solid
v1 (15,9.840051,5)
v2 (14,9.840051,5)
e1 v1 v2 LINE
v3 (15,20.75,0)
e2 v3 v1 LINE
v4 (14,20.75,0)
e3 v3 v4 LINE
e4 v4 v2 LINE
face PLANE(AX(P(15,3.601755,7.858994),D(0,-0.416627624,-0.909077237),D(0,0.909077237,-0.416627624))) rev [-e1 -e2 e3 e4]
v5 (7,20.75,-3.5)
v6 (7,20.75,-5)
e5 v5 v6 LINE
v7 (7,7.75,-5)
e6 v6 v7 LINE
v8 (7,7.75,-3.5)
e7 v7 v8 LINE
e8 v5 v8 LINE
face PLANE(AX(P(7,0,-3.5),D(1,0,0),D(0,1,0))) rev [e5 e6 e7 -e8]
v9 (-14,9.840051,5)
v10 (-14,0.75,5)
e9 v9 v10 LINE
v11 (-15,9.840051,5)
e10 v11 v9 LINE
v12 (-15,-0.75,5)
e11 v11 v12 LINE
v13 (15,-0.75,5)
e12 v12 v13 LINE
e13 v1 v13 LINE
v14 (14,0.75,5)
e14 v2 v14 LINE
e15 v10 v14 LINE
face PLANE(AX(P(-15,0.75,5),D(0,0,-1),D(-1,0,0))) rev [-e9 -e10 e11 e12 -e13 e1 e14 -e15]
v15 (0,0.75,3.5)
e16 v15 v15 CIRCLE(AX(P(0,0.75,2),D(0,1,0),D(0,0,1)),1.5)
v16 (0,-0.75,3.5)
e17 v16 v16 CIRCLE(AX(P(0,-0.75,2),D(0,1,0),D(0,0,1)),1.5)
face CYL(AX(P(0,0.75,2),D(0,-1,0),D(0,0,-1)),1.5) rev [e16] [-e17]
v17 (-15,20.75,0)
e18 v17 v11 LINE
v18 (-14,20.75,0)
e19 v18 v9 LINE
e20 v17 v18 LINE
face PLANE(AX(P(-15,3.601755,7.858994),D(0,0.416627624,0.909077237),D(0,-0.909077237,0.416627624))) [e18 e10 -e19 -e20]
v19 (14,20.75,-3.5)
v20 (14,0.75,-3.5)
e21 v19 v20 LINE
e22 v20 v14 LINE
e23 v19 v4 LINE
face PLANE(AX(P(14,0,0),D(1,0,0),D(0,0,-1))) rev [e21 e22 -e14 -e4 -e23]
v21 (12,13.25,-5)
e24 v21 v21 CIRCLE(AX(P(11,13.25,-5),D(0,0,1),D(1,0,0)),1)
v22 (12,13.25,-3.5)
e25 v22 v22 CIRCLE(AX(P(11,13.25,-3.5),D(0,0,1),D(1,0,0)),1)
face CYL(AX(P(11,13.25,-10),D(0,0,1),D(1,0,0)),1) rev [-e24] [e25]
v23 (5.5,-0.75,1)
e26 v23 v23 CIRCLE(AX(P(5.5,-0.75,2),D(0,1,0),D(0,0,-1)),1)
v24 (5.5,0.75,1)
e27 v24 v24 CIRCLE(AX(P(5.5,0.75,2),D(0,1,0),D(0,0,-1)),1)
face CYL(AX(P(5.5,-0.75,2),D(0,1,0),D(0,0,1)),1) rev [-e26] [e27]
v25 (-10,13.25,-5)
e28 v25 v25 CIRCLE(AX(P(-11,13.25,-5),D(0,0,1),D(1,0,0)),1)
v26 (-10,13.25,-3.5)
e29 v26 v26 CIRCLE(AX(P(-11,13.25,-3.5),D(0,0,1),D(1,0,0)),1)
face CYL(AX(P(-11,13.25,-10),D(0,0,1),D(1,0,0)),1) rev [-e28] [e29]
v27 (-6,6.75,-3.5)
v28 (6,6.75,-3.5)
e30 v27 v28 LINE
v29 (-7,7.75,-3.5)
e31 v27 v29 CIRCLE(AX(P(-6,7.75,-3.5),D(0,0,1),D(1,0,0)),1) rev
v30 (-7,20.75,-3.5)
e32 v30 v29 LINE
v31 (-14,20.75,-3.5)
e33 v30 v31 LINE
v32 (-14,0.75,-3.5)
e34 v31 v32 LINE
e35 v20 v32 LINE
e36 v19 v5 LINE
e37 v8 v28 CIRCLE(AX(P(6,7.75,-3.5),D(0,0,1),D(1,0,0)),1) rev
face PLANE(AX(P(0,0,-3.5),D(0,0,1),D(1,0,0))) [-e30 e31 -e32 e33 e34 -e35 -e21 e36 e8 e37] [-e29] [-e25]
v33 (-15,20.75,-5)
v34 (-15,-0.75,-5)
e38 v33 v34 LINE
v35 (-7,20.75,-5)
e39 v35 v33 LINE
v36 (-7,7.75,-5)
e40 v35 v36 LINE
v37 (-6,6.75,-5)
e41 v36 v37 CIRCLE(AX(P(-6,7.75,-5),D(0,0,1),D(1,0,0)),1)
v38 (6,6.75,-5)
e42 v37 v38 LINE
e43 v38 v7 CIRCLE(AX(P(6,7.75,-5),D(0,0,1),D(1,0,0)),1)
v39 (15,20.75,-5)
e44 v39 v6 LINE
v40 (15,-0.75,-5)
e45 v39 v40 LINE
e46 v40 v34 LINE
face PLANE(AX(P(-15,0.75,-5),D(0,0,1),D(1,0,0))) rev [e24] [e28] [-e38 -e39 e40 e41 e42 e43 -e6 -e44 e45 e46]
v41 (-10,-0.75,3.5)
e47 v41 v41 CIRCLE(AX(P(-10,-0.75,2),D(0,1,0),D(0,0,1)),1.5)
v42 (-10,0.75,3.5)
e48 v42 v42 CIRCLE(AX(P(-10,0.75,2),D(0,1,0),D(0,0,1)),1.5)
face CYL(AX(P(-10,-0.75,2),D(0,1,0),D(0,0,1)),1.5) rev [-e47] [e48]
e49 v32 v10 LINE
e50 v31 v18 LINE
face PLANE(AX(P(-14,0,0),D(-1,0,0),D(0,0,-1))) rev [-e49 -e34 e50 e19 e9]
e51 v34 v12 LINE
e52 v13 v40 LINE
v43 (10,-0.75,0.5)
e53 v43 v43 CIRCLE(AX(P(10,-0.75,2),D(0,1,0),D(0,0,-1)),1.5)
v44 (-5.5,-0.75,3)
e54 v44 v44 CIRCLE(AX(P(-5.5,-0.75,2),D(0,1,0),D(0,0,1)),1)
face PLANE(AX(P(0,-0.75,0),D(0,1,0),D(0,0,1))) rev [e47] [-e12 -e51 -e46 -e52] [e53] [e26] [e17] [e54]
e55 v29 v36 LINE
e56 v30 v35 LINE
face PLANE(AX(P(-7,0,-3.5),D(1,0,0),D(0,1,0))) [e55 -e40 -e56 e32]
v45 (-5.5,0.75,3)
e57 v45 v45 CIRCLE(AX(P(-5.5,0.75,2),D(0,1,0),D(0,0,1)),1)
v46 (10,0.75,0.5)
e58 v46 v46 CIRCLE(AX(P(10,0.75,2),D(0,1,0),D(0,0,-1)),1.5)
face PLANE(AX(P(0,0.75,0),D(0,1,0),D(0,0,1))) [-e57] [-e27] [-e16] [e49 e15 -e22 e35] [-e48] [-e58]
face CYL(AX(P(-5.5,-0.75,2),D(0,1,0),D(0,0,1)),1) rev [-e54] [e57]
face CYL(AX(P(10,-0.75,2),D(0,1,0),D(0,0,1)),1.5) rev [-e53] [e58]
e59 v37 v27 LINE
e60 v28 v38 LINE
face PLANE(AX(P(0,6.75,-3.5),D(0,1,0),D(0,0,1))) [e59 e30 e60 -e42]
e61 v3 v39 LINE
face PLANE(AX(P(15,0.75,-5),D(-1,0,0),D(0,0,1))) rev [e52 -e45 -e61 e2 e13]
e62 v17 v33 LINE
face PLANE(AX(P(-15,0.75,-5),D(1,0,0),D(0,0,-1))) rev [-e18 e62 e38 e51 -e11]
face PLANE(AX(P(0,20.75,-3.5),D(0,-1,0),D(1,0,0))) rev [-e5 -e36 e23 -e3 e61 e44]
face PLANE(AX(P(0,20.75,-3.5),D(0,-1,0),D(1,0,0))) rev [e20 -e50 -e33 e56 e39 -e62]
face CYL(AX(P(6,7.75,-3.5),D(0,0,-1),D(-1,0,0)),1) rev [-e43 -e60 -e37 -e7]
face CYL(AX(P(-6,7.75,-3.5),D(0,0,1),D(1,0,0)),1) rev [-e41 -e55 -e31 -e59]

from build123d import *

# Parameters (mm, degrees)
SKETCH1_W           = 30
SKETCH1_H           = 10
SKETCH1_R           = 1.5
BOSS_EXTRUDE1_DEPTH = 0.75
SKETCH2_R           = 1.5
SKETCH2_R_2         = 1
CUT_EXTRUDE1_DEPTH  = 1.5
BOSS_EXTRUDE3_START = -4.25
BOSS_EXTRUDE3_DEPTH = 0.75
SKETCH4_R           = 1
CUT_EXTRUDE2_DEPTH  = 10
FILLET1_R           = 1
BOSS_EXTRUDE4_START = 14
BOSS_EXTRUDE4_DEPTH = 1


with BuildPart() as part:
    # Sketch1 → Boss-Extrude1 (new body, symmetric)
    with BuildSketch(Plane(origin=(0, 0, 0), x_dir=(1, 0, 0), z_dir=(0, 1, 0))):
        Rectangle(SKETCH1_W, SKETCH1_H)
        with Locations((0, -2)):
            Circle(SKETCH1_R, mode=Mode.SUBTRACT)
    extrude(amount=BOSS_EXTRUDE1_DEPTH, both=True)

    # Sketch2 → Cut-Extrude1 (cut)
    with BuildSketch(Plane(origin=(0, 0.75, 0), x_dir=(1, 0, 0), z_dir=(0, 1, 0))):
        with Locations((-10, -2)):
            Circle(SKETCH2_R)
        with Locations((10, -2)):
            Circle(SKETCH2_R)
        with Locations((-5.5, -2)):
            Circle(SKETCH2_R_2)
        with Locations((5.5, -2)):
            Circle(SKETCH2_R_2)
    extrude(amount=-CUT_EXTRUDE1_DEPTH, mode=Mode.SUBTRACT)

    # Sketch3 → Boss-Extrude3 (add, symmetric)
    with BuildSketch(Plane.XY.offset(BOSS_EXTRUDE3_START)):
        Polygon((15, 0.75), (15, 20.75), (7, 20.75), (7, 6.75), (-7, 6.75), (-7, 20.75), (-15, 20.75), (-15, 0.75), align=None)
    extrude(amount=BOSS_EXTRUDE3_DEPTH, both=True)

    # Sketch4 → Cut-Extrude2 (cut)
    with BuildSketch(Plane.XY):
        with Locations((-11, 13.25)):
            Circle(SKETCH4_R)
        with Locations((11, 13.25)):
            Circle(SKETCH4_R)
    extrude(amount=-CUT_EXTRUDE2_DEPTH, mode=Mode.SUBTRACT)

    # Fillet1
    fillet1_edges = [part.edges().sort_by_distance(p)[0] for p in [
        (7, 6.75, -4.25),
        (-7, 6.75, -4.25),
    ]]
    fillet(fillet1_edges, radius=FILLET1_R)

    # Sketch7 → Boss-Extrude4 (add)
    with BuildSketch(Plane(origin=(0, 0, 0), x_dir=(0, 0, -1), z_dir=(1, 0, 0)).offset(BOSS_EXTRUDE4_START)):
        Polygon((3.5, 0.75), (3.5, 20.75), (0, 20.75), (-5, 9.840050856), (-5, 0.75), align=None)
    boss_extrude4 = extrude(amount=BOSS_EXTRUDE4_DEPTH)

    # Mirror1: Boss-Extrude4 across plane
    add(boss_extrude4.mirror(Plane(origin=(0, 0, 0), x_dir=(0, 0, 1), z_dir=(1, 0, 0))))


solid = part.part
